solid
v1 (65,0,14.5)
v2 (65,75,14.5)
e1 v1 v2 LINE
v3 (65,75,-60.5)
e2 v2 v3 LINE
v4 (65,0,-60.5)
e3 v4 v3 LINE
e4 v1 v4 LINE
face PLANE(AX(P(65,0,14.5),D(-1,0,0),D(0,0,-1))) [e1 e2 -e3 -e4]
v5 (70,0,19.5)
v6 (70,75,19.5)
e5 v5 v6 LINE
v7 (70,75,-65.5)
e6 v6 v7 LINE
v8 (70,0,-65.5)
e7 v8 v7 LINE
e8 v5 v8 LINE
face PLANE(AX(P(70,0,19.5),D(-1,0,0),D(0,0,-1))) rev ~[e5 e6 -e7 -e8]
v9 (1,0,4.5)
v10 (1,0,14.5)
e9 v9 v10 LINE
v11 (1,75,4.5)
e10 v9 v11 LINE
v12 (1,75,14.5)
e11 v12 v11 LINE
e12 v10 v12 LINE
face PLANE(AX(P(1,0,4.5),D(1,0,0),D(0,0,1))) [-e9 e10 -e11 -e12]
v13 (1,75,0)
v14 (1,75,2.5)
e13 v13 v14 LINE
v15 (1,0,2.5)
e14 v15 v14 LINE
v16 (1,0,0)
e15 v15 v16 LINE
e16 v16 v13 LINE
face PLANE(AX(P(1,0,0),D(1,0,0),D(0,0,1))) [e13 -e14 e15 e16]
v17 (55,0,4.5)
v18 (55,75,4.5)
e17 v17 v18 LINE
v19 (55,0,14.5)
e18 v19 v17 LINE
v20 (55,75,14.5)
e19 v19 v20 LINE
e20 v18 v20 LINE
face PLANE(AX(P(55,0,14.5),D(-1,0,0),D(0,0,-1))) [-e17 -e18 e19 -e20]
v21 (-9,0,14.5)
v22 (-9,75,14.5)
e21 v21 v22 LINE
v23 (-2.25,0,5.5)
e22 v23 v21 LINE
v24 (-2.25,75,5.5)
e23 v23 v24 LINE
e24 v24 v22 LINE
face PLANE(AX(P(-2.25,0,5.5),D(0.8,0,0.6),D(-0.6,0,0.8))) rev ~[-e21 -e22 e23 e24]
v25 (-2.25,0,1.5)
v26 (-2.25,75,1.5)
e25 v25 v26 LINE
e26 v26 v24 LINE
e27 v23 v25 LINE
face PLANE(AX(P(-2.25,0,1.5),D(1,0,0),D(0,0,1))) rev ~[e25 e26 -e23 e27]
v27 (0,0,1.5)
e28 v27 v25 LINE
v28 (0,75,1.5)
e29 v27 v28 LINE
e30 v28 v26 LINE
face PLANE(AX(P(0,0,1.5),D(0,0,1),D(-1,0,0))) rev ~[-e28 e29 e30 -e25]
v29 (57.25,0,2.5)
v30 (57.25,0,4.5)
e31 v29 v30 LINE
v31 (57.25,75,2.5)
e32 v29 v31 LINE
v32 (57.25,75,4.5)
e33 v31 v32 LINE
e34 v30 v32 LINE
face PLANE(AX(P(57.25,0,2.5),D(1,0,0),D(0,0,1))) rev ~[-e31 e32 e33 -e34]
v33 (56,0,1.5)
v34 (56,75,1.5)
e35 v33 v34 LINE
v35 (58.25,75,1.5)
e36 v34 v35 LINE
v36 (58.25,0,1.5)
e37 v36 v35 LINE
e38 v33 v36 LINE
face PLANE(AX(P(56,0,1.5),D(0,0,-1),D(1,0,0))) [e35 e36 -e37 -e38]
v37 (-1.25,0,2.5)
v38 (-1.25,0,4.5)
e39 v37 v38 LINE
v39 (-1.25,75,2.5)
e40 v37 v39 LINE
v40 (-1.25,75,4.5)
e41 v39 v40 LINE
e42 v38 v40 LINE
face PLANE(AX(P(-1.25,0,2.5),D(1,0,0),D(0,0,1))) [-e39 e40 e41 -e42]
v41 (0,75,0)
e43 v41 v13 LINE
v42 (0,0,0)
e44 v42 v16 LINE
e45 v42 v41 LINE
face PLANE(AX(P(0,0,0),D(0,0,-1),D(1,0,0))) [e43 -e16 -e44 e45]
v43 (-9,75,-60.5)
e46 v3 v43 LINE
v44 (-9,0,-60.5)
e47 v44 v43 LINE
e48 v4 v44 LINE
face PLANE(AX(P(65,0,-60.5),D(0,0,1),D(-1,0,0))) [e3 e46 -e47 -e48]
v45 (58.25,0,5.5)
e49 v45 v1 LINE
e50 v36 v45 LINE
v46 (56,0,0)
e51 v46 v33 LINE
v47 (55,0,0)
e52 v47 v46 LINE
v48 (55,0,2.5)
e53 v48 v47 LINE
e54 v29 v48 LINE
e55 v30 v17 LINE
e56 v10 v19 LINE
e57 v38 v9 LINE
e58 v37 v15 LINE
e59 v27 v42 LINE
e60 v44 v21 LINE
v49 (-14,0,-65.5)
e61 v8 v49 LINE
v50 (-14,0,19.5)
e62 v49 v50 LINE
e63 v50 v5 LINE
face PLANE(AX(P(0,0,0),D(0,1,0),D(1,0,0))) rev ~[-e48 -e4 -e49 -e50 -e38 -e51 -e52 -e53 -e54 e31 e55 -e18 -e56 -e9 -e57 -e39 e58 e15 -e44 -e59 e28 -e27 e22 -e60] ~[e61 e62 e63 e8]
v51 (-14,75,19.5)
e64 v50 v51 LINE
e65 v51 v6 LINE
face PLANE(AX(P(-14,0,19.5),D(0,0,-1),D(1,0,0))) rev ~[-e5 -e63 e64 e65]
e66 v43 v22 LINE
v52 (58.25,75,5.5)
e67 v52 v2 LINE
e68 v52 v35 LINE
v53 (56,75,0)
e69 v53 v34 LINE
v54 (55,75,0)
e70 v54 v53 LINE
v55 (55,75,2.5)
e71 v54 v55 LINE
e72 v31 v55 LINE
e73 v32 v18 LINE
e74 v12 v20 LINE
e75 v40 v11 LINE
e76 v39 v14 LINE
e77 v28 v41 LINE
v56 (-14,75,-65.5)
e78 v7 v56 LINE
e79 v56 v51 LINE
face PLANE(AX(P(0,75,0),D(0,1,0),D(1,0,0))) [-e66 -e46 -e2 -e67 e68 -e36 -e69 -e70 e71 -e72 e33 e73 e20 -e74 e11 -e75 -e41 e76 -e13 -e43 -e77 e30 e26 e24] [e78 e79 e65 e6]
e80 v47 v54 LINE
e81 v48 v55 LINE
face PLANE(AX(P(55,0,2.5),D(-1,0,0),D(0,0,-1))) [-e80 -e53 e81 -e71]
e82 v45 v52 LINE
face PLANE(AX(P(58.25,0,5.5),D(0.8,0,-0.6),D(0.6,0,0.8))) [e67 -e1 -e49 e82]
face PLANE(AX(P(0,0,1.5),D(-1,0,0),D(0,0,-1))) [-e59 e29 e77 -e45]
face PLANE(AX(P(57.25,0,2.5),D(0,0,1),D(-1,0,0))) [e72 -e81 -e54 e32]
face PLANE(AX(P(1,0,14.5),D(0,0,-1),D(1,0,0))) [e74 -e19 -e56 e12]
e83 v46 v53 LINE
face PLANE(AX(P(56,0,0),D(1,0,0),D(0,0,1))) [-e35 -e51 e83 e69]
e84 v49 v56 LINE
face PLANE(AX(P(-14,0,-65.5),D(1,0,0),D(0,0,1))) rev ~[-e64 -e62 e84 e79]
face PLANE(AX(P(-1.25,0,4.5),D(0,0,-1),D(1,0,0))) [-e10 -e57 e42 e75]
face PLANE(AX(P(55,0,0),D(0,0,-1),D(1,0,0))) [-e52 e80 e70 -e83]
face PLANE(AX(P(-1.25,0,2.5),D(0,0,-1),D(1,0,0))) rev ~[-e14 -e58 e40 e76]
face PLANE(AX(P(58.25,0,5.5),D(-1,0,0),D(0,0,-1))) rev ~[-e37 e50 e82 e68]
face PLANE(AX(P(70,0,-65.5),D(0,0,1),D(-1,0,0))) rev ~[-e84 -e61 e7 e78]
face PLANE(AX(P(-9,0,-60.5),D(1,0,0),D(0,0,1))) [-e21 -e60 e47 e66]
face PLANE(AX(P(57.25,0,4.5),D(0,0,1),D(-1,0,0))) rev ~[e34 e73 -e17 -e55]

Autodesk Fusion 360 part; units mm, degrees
sketch "Sketch1" plane through (0, 0, 0) normal (0, 1, 0) x (1, 0, 0)
  line L0 (0, 0) -> (1, 0)
  line L1 (1, 0) -> (1, -1.5)
  line L2 (1, -1.5) -> (0, -1.5)
  line L3 (0, -1.5) -> (0, 0)
  line L4 (1, -1.5) -> (-2.25, -1.5)
  line L5 (-2.25, -1.5) -> (-2.25, -2.5)
  line L6 (-2.25, -2.5) -> (1, -2.5)
  line L7 (1, -2.5) -> (1, -1.5)
  line L8 (-2.25, -2.5) -> (-1.25, -2.5)
  line L9 (-1.25, -2.5) -> (-1.25, -4.5)
  line L10 (-1.25, -4.5) -> (-2.25, -4.5)
  line L11 (-2.25, -4.5) -> (-2.25, -2.5)
  line L12 (-2.25, -4.5) -> (1, -4.5)
  line L13 (1, -4.5) -> (1, -5.5)
  line L14 (1, -5.5) -> (-2.25, -5.5)
  line L15 (-2.25, -5.5) -> (-2.25, -4.5)
  line L16 (1, -5.5) -> (0, -5.5)
  line L17 (0, -5.5) -> (0, -14.5)
  line L18 (0, -14.5) -> (1, -14.5)
  line L19 (1, -14.5) -> (1, -5.5)
  line L20 (55, 0) -> (56, 0)
  line L21 (56, 0) -> (56, -1.5)
  line L22 (56, -1.5) -> (55, -1.5)
  line L23 (55, -1.5) -> (55, 0)
  line L24 (55, -1.5) -> (58.25, -1.5)
  line L25 (58.25, -1.5) -> (58.25, -2.5)
  line L26 (58.25, -2.5) -> (55, -2.5)
  line L27 (55, -2.5) -> (55, -1.5)
  line L28 (58.25, -2.5) -> (57.25, -2.5)
  line L29 (57.25, -2.5) -> (57.25, -4.5)
  line L30 (57.25, -4.5) -> (58.25, -4.5)
  line L31 (58.25, -4.5) -> (58.25, -2.5)
  line L32 (58.25, -4.5) -> (55, -4.5)
  line L33 (55, -4.5) -> (55, -5.5)
  line L34 (55, -5.5) -> (58.25, -5.5)
  line L35 (58.25, -5.5) -> (58.25, -4.5)
  line L36 (55, -5.5) -> (56, -5.5)
  line L37 (56, -5.5) -> (56, -14.5)
  line L38 (56, -14.5) -> (55, -14.5)
  line L39 (55, -14.5) -> (55, -5.5)
  line L40 (-9, -14.5) -> (65, -14.5)
  line L41 (65, -14.5) -> (65, 60.5)
  line L42 (65, 60.5) -> (-9, 60.5)
  line L43 (-9, 60.5) -> (-9, -14.5)
  line L44 (70, -19.5) -> (70, 65.5)
  line L45 (70, 65.5) -> (-14, 65.5)
  line L46 (-14, 65.5) -> (-14, -19.5)
  line L47 (-14, -19.5) -> (70, -19.5)
  line L48 (-2.25, -5.5) -> (-9, -14.5)
  line L49 (58.25, -5.5) -> (65, -14.5)
  dimension "d1" = 1
  dimension "d2" = 1.5
  dimension "d3" = 3.25
  dimension "d4" = 1
  dimension "d5" = 1
  dimension "d6" = 2
  dimension "d7" = 3.25
  dimension "d8" = 1
  dimension "d9" = 9
  dimension "d10" = 1.5
  dimension "d11" = 54
  dimension "d12" = 3.25
  dimension "d13" = 1
  dimension "d14" = 2
  dimension "d15" = 3.25
  dimension "d16" = 1
  dimension "d17" = 9
  dimension "d18" = 74
  dimension "d19" = 75
  dimension "d20" = 10
  dimension "d21" = 60.5
  dimension "d22" = 5
extrude "Extrude1" add sketch "Sketch1" along normal blind 75 contours L0 L1 L2 L3 L4 | L2 L4 L5 L6 L7 L8 | L6 L8 L9 L10 L11 L12 | L10 L12 L13 L14 L15 L16 | L14 L17 L40 L48 | L14 L16 L17 L18 L19 L40 | L34 L36 L37 L38 L39 L40 | L34 L37 L40 L49 | L30 L32 L33 L34 L35 L36 | L26 L28 L29 L30 L31 L32 | L22 L24 L25 L26 L27 L28 | L20 L21 L22 L23 L24 | L44 L45 L46 L47
equation "d20 = ( ( 74 - 54 ) / 2 ) * 1 mm"
